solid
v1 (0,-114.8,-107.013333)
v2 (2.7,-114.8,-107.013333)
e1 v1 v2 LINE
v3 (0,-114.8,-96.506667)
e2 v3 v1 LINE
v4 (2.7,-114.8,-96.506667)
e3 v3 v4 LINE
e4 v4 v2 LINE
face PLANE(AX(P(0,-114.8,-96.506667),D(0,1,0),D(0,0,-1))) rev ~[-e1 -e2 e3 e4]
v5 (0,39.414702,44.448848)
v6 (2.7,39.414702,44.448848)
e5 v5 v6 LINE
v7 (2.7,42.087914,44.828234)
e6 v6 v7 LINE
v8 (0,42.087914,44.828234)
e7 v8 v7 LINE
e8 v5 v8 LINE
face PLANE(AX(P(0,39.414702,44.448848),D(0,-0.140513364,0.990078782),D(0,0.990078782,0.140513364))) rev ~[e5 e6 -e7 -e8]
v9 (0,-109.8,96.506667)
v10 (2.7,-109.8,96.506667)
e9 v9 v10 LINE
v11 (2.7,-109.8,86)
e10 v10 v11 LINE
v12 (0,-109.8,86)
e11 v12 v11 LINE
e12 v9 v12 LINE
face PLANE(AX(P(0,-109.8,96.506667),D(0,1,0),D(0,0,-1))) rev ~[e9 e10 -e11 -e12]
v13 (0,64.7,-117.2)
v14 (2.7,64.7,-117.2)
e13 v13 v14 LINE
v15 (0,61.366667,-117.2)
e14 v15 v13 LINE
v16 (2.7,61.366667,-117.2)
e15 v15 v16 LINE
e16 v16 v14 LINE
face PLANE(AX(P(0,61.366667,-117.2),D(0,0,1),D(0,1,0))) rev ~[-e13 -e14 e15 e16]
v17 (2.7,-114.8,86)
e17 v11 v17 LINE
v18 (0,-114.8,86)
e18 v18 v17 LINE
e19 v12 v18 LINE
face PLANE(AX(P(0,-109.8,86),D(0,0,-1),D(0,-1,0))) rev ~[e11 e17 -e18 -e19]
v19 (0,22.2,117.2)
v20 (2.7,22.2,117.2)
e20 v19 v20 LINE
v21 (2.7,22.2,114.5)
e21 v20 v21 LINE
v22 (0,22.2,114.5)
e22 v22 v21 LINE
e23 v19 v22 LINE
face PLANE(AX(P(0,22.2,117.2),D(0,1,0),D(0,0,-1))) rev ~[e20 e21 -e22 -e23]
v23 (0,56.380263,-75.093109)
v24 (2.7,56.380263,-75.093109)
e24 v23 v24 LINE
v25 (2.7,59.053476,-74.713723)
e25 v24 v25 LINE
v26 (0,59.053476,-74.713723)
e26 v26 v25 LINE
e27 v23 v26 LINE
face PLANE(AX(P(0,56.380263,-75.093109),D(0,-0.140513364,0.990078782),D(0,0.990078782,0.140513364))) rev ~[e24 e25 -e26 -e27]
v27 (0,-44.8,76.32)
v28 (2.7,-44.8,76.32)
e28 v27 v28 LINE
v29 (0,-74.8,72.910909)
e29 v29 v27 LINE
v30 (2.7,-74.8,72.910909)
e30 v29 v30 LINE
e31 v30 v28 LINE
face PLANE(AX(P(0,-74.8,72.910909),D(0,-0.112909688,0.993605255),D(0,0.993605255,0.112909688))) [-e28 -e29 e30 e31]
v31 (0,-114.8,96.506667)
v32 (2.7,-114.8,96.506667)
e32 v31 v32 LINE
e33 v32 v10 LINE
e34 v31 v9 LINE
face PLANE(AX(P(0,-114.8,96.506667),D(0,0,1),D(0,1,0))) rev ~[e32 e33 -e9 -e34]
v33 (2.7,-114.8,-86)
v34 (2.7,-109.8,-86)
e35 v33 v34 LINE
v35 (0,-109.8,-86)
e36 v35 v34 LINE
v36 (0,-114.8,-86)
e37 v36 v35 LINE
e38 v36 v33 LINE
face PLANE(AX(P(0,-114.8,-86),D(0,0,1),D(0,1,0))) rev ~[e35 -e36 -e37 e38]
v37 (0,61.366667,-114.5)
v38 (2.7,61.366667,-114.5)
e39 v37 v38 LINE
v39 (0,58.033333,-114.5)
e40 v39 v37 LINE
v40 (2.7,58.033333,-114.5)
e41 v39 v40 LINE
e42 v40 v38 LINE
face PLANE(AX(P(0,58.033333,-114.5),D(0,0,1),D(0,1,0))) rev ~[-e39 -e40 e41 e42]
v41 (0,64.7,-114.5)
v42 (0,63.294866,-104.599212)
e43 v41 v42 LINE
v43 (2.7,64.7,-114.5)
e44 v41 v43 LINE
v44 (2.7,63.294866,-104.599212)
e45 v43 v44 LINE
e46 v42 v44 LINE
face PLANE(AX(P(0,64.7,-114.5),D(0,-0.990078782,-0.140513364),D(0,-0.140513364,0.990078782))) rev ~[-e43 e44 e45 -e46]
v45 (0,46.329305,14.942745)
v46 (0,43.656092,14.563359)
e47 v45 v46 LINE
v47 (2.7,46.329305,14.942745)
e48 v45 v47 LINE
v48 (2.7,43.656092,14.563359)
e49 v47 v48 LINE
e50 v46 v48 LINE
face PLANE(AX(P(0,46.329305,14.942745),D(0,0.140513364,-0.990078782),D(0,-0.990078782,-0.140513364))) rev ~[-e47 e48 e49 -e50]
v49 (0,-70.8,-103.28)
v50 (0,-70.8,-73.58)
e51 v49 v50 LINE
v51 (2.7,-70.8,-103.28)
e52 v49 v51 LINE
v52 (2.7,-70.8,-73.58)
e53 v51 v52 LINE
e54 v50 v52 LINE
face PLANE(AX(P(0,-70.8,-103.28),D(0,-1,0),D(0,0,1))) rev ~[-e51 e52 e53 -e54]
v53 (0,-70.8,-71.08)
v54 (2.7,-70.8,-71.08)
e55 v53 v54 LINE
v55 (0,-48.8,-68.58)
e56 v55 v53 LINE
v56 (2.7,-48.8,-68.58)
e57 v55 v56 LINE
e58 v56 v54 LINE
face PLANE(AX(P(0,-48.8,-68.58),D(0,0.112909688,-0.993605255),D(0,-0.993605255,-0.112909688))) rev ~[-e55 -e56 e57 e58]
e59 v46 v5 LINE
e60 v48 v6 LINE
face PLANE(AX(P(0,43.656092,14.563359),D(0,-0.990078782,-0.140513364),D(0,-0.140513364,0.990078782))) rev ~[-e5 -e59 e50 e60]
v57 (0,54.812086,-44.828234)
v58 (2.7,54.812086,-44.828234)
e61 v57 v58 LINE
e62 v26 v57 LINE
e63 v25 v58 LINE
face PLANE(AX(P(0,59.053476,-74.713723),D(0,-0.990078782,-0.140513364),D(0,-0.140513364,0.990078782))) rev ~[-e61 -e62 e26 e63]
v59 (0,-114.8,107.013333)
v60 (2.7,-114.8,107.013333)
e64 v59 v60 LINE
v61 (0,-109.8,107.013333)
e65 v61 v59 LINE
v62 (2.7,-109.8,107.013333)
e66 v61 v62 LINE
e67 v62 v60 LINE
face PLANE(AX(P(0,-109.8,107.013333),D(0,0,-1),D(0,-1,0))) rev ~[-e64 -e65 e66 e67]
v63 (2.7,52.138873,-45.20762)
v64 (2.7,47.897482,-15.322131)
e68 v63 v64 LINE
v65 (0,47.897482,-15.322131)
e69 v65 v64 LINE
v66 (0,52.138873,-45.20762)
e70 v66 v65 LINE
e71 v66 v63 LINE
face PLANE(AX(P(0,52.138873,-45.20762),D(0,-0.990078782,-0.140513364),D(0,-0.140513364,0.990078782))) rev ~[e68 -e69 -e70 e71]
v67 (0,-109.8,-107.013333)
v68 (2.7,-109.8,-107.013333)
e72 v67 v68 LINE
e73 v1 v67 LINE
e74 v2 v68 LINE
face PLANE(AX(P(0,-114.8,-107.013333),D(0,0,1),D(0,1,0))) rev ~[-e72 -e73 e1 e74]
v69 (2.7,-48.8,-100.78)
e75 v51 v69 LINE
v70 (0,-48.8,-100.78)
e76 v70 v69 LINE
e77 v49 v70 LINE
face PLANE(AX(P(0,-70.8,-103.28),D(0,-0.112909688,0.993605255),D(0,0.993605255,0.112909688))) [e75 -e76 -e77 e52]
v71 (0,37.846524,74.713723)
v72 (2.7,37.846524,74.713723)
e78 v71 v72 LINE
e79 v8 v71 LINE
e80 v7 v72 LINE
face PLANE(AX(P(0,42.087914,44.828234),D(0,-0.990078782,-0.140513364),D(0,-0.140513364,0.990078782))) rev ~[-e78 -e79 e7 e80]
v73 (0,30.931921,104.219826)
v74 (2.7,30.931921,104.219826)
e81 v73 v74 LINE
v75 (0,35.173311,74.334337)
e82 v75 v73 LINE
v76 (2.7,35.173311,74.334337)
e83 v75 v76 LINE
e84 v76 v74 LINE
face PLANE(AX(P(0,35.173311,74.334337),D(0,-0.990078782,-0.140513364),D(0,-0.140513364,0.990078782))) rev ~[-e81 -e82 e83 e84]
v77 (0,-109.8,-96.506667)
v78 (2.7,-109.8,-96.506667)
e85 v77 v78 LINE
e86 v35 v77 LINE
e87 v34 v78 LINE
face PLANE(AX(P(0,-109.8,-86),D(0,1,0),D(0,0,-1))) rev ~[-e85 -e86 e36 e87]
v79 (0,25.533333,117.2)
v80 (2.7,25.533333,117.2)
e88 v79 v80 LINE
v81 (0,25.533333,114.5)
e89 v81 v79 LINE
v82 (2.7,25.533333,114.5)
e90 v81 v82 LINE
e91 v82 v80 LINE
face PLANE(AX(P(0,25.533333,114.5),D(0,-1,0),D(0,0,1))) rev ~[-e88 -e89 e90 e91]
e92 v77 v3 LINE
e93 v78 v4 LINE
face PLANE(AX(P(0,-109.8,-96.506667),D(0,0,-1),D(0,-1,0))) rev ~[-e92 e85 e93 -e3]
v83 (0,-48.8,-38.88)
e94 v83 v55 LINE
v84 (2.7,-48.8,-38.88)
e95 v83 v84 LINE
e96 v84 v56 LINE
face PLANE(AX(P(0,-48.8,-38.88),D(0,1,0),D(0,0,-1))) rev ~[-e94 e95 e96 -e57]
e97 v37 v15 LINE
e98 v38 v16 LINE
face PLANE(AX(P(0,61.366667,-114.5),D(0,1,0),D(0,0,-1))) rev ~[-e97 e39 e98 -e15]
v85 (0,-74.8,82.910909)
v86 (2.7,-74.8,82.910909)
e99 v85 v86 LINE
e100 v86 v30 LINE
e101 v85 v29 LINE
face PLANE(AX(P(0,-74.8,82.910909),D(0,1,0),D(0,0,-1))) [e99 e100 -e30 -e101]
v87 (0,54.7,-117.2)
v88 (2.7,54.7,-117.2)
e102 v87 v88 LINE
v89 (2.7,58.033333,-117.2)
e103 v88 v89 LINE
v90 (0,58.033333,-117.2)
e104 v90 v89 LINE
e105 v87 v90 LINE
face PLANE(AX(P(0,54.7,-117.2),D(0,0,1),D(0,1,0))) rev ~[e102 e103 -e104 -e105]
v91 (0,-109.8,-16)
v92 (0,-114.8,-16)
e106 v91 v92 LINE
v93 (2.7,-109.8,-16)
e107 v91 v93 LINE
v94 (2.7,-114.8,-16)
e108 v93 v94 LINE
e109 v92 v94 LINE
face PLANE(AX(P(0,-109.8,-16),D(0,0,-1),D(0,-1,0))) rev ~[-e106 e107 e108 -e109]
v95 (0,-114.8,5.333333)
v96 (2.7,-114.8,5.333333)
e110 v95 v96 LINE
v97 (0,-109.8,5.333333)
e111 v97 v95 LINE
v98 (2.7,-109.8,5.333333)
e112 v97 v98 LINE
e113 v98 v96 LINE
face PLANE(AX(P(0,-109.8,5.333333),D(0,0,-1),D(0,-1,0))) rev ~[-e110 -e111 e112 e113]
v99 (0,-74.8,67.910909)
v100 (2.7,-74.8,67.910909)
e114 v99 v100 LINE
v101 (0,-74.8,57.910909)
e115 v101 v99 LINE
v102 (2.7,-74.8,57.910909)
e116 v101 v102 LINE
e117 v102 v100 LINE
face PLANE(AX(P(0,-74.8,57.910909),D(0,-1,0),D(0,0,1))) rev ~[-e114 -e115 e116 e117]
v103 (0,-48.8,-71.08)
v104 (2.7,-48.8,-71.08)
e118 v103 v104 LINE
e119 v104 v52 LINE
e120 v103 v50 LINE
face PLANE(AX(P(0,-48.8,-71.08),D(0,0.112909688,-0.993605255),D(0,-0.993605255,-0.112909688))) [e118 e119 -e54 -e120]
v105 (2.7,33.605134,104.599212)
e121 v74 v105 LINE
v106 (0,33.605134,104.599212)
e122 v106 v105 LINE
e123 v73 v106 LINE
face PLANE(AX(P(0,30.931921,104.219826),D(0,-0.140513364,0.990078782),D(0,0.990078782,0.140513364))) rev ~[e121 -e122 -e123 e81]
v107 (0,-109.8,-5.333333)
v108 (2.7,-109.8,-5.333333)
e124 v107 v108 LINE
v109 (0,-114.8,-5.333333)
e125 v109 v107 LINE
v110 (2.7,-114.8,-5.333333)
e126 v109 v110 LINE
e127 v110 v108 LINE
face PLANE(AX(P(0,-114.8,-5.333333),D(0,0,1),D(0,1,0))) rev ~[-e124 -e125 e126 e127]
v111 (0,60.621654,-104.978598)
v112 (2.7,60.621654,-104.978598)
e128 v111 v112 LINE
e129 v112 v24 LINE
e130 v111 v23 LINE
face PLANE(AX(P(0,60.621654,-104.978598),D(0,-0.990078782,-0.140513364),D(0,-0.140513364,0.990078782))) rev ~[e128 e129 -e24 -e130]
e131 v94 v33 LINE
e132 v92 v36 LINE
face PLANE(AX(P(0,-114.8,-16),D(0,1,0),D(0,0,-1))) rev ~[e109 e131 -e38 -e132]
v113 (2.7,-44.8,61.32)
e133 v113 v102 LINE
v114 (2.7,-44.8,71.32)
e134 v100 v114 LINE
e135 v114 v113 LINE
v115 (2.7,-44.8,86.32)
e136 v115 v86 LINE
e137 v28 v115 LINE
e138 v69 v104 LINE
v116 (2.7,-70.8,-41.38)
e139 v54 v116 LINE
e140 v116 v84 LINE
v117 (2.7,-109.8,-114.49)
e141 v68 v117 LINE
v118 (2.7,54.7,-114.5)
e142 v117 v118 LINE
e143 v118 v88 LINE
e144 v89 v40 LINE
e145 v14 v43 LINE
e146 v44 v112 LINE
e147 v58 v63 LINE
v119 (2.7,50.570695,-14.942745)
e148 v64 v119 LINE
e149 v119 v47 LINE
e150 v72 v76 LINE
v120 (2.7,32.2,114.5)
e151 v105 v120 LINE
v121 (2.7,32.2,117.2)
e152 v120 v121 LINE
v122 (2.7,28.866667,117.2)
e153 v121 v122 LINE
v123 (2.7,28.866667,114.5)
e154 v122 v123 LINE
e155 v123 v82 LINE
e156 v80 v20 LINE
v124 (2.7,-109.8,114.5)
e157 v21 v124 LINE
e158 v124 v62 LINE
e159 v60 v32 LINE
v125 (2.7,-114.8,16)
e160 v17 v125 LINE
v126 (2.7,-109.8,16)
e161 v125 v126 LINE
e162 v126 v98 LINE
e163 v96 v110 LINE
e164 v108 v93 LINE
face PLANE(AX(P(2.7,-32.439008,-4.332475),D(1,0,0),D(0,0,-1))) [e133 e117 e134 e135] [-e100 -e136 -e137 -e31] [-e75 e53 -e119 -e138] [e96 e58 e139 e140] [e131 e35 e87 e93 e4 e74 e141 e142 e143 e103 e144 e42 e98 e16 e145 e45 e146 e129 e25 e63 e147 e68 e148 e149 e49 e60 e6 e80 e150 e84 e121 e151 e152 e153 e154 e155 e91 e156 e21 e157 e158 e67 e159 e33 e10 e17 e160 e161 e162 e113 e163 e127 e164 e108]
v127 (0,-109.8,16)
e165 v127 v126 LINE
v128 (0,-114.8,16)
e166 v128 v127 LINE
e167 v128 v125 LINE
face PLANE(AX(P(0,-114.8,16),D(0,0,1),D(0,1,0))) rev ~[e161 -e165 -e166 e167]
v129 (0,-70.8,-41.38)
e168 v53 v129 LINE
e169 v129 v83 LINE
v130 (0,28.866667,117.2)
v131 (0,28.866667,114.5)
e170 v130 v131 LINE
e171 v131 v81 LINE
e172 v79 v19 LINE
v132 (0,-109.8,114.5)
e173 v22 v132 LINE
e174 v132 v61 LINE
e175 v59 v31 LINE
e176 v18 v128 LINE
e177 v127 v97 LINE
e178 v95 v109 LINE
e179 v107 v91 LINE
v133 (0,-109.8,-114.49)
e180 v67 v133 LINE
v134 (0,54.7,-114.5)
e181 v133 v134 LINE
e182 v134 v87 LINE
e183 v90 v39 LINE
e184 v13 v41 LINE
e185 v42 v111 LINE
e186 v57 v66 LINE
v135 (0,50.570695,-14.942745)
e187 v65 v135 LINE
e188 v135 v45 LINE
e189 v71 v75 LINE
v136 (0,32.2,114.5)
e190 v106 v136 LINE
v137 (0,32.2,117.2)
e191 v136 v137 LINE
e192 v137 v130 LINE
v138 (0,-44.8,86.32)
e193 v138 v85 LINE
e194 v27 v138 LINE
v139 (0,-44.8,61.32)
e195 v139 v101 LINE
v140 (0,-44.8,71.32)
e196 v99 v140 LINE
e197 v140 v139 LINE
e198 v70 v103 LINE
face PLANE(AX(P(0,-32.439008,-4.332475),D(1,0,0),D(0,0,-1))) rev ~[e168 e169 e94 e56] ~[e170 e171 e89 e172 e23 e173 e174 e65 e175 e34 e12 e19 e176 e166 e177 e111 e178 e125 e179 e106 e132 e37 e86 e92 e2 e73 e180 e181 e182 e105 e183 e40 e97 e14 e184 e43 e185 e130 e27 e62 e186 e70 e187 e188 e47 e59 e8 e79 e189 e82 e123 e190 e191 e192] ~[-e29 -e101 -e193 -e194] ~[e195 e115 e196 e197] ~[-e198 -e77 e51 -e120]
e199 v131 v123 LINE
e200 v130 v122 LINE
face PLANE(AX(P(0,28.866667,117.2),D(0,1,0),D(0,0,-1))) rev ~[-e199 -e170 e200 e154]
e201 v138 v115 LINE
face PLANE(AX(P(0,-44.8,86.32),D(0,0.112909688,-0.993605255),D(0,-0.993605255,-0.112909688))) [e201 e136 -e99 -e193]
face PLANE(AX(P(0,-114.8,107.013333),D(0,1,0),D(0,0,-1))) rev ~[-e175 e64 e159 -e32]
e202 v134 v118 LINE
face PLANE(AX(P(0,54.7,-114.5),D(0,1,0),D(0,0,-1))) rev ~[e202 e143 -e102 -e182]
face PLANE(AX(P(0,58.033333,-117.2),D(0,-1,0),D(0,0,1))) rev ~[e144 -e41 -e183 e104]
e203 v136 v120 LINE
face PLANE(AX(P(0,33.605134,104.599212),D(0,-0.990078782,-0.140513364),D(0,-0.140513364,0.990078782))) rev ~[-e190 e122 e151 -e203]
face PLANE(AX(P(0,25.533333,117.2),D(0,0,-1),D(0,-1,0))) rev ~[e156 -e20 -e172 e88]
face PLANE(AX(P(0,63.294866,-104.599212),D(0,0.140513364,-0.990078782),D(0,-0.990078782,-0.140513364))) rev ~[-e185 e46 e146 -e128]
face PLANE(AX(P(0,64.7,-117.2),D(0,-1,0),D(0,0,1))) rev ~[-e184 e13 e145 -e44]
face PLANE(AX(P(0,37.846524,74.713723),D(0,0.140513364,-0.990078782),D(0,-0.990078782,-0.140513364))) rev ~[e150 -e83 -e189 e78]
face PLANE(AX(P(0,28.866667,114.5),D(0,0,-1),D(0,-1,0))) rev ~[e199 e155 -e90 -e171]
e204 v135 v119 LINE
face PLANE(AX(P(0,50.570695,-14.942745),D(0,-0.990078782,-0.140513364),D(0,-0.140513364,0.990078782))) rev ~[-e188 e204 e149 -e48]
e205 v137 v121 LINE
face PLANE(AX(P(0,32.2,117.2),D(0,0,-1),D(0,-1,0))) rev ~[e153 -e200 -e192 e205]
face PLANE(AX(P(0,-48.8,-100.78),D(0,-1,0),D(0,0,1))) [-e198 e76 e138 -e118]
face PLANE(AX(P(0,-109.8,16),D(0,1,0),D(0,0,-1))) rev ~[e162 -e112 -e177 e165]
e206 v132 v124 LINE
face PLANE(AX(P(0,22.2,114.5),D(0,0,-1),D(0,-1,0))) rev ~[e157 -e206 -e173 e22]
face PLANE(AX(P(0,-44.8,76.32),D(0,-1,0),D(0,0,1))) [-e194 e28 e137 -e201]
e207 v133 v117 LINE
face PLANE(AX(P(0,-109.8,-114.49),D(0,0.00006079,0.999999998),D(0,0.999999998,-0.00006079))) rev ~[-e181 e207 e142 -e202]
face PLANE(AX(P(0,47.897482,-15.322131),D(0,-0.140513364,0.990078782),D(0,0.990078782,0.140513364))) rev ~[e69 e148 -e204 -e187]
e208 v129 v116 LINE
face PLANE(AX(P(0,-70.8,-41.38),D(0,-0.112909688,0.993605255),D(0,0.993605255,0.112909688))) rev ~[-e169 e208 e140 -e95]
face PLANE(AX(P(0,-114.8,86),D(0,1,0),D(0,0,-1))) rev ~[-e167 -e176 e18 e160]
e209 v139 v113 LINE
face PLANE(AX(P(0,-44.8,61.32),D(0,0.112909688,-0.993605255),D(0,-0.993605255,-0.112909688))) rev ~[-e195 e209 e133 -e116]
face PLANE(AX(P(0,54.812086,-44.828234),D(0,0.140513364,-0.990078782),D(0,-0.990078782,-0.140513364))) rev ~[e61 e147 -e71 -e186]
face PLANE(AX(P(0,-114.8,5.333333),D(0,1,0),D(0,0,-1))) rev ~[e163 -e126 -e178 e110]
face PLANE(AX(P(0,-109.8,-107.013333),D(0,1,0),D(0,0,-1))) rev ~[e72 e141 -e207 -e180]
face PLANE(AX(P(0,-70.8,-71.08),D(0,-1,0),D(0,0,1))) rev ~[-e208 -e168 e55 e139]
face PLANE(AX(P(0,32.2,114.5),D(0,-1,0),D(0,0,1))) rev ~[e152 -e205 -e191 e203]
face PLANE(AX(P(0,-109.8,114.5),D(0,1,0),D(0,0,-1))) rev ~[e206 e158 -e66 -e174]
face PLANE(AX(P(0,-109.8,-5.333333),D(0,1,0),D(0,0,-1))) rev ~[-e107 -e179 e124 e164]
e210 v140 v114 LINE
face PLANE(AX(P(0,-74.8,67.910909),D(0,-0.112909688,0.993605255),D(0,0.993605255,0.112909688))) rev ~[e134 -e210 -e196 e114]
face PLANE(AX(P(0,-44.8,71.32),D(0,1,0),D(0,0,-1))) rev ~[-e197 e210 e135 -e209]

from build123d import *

# Parameters (mm, degrees)
BOSS_EXTRUDE1_DEPTH = 2.7


with BuildPart() as part:
    # Sketch1 → Boss-Extrude1 (new body)
    with BuildSketch(Plane(origin=(0, 0, 0), x_dir=(0, 0, -1), z_dir=(1, 0, 0))):
        Polygon((-107.013333333, -114.8), (-96.506666667, -114.8), (-96.506666667, -109.8), (-86, -109.8), (-86, -114.8), (-16, -114.8), (-16, -109.8), (-5.333333333, -109.8), (-5.333333333, -114.8), (5.333333333, -114.8), (5.333333333, -109.8), (16, -109.8), (16, -114.8), (86, -114.8), (86, -109.8), (96.506666667, -109.8), (96.506666667, -114.8), (107.013333333, -114.8), (107.013333333, -109.8), (114.49, -109.8), (114.5, 54.7), (117.2, 54.7), (117.2, 58.033333333), (114.5, 58.033333333), (114.5, 61.366666667), (117.2, 61.366666667), (117.2, 64.7), (114.5, 64.7), (104.599212181, 63.294866357), (104.978598264, 60.621653646), (75.09310907, 56.380263258), (74.713722986, 59.05347597), (44.828233792, 54.812085582), (45.207619875, 52.138872871), (15.322130681, 47.897482483), (14.942744597, 50.570695194), (-14.942744597, 46.329304806), (-14.563358514, 43.656092095), (-44.448847708, 39.414701707), (-44.828233792, 42.087914418), (-74.713722986, 37.84652403), (-74.334336903, 35.173311319), (-104.219826097, 30.931920931), (-104.599212181, 33.605133643), (-114.5, 32.2), (-117.2, 32.2), (-117.2, 28.866666667), (-114.5, 28.866666667), (-114.5, 25.533333333), (-117.2, 25.533333333), (-117.2, 22.2), (-114.5, 22.2), (-114.5, -109.8), (-107.013333333, -109.8), align=None)
        Polygon((100.78, -48.8), (71.08, -48.8), (73.58, -70.8), (100.78, -70.8), (103.28, -70.8), align=None, mode=Mode.SUBTRACT)
        Polygon((68.58, -48.8), (71.08, -70.8), (41.38, -70.8), (38.88, -48.8), (41.38, -48.8), align=None, mode=Mode.SUBTRACT)
        Polygon((-72.910909091, -74.8), (-76.32, -44.8), (-86.32, -44.8), (-82.910909091, -74.8), align=None, mode=Mode.SUBTRACT)
        Polygon((-67.910909091, -74.8), (-71.32, -44.8), (-61.32, -44.8), (-57.910909091, -74.8), align=None, mode=Mode.SUBTRACT)
    extrude(amount=BOSS_EXTRUDE1_DEPTH)


solid = part.part
